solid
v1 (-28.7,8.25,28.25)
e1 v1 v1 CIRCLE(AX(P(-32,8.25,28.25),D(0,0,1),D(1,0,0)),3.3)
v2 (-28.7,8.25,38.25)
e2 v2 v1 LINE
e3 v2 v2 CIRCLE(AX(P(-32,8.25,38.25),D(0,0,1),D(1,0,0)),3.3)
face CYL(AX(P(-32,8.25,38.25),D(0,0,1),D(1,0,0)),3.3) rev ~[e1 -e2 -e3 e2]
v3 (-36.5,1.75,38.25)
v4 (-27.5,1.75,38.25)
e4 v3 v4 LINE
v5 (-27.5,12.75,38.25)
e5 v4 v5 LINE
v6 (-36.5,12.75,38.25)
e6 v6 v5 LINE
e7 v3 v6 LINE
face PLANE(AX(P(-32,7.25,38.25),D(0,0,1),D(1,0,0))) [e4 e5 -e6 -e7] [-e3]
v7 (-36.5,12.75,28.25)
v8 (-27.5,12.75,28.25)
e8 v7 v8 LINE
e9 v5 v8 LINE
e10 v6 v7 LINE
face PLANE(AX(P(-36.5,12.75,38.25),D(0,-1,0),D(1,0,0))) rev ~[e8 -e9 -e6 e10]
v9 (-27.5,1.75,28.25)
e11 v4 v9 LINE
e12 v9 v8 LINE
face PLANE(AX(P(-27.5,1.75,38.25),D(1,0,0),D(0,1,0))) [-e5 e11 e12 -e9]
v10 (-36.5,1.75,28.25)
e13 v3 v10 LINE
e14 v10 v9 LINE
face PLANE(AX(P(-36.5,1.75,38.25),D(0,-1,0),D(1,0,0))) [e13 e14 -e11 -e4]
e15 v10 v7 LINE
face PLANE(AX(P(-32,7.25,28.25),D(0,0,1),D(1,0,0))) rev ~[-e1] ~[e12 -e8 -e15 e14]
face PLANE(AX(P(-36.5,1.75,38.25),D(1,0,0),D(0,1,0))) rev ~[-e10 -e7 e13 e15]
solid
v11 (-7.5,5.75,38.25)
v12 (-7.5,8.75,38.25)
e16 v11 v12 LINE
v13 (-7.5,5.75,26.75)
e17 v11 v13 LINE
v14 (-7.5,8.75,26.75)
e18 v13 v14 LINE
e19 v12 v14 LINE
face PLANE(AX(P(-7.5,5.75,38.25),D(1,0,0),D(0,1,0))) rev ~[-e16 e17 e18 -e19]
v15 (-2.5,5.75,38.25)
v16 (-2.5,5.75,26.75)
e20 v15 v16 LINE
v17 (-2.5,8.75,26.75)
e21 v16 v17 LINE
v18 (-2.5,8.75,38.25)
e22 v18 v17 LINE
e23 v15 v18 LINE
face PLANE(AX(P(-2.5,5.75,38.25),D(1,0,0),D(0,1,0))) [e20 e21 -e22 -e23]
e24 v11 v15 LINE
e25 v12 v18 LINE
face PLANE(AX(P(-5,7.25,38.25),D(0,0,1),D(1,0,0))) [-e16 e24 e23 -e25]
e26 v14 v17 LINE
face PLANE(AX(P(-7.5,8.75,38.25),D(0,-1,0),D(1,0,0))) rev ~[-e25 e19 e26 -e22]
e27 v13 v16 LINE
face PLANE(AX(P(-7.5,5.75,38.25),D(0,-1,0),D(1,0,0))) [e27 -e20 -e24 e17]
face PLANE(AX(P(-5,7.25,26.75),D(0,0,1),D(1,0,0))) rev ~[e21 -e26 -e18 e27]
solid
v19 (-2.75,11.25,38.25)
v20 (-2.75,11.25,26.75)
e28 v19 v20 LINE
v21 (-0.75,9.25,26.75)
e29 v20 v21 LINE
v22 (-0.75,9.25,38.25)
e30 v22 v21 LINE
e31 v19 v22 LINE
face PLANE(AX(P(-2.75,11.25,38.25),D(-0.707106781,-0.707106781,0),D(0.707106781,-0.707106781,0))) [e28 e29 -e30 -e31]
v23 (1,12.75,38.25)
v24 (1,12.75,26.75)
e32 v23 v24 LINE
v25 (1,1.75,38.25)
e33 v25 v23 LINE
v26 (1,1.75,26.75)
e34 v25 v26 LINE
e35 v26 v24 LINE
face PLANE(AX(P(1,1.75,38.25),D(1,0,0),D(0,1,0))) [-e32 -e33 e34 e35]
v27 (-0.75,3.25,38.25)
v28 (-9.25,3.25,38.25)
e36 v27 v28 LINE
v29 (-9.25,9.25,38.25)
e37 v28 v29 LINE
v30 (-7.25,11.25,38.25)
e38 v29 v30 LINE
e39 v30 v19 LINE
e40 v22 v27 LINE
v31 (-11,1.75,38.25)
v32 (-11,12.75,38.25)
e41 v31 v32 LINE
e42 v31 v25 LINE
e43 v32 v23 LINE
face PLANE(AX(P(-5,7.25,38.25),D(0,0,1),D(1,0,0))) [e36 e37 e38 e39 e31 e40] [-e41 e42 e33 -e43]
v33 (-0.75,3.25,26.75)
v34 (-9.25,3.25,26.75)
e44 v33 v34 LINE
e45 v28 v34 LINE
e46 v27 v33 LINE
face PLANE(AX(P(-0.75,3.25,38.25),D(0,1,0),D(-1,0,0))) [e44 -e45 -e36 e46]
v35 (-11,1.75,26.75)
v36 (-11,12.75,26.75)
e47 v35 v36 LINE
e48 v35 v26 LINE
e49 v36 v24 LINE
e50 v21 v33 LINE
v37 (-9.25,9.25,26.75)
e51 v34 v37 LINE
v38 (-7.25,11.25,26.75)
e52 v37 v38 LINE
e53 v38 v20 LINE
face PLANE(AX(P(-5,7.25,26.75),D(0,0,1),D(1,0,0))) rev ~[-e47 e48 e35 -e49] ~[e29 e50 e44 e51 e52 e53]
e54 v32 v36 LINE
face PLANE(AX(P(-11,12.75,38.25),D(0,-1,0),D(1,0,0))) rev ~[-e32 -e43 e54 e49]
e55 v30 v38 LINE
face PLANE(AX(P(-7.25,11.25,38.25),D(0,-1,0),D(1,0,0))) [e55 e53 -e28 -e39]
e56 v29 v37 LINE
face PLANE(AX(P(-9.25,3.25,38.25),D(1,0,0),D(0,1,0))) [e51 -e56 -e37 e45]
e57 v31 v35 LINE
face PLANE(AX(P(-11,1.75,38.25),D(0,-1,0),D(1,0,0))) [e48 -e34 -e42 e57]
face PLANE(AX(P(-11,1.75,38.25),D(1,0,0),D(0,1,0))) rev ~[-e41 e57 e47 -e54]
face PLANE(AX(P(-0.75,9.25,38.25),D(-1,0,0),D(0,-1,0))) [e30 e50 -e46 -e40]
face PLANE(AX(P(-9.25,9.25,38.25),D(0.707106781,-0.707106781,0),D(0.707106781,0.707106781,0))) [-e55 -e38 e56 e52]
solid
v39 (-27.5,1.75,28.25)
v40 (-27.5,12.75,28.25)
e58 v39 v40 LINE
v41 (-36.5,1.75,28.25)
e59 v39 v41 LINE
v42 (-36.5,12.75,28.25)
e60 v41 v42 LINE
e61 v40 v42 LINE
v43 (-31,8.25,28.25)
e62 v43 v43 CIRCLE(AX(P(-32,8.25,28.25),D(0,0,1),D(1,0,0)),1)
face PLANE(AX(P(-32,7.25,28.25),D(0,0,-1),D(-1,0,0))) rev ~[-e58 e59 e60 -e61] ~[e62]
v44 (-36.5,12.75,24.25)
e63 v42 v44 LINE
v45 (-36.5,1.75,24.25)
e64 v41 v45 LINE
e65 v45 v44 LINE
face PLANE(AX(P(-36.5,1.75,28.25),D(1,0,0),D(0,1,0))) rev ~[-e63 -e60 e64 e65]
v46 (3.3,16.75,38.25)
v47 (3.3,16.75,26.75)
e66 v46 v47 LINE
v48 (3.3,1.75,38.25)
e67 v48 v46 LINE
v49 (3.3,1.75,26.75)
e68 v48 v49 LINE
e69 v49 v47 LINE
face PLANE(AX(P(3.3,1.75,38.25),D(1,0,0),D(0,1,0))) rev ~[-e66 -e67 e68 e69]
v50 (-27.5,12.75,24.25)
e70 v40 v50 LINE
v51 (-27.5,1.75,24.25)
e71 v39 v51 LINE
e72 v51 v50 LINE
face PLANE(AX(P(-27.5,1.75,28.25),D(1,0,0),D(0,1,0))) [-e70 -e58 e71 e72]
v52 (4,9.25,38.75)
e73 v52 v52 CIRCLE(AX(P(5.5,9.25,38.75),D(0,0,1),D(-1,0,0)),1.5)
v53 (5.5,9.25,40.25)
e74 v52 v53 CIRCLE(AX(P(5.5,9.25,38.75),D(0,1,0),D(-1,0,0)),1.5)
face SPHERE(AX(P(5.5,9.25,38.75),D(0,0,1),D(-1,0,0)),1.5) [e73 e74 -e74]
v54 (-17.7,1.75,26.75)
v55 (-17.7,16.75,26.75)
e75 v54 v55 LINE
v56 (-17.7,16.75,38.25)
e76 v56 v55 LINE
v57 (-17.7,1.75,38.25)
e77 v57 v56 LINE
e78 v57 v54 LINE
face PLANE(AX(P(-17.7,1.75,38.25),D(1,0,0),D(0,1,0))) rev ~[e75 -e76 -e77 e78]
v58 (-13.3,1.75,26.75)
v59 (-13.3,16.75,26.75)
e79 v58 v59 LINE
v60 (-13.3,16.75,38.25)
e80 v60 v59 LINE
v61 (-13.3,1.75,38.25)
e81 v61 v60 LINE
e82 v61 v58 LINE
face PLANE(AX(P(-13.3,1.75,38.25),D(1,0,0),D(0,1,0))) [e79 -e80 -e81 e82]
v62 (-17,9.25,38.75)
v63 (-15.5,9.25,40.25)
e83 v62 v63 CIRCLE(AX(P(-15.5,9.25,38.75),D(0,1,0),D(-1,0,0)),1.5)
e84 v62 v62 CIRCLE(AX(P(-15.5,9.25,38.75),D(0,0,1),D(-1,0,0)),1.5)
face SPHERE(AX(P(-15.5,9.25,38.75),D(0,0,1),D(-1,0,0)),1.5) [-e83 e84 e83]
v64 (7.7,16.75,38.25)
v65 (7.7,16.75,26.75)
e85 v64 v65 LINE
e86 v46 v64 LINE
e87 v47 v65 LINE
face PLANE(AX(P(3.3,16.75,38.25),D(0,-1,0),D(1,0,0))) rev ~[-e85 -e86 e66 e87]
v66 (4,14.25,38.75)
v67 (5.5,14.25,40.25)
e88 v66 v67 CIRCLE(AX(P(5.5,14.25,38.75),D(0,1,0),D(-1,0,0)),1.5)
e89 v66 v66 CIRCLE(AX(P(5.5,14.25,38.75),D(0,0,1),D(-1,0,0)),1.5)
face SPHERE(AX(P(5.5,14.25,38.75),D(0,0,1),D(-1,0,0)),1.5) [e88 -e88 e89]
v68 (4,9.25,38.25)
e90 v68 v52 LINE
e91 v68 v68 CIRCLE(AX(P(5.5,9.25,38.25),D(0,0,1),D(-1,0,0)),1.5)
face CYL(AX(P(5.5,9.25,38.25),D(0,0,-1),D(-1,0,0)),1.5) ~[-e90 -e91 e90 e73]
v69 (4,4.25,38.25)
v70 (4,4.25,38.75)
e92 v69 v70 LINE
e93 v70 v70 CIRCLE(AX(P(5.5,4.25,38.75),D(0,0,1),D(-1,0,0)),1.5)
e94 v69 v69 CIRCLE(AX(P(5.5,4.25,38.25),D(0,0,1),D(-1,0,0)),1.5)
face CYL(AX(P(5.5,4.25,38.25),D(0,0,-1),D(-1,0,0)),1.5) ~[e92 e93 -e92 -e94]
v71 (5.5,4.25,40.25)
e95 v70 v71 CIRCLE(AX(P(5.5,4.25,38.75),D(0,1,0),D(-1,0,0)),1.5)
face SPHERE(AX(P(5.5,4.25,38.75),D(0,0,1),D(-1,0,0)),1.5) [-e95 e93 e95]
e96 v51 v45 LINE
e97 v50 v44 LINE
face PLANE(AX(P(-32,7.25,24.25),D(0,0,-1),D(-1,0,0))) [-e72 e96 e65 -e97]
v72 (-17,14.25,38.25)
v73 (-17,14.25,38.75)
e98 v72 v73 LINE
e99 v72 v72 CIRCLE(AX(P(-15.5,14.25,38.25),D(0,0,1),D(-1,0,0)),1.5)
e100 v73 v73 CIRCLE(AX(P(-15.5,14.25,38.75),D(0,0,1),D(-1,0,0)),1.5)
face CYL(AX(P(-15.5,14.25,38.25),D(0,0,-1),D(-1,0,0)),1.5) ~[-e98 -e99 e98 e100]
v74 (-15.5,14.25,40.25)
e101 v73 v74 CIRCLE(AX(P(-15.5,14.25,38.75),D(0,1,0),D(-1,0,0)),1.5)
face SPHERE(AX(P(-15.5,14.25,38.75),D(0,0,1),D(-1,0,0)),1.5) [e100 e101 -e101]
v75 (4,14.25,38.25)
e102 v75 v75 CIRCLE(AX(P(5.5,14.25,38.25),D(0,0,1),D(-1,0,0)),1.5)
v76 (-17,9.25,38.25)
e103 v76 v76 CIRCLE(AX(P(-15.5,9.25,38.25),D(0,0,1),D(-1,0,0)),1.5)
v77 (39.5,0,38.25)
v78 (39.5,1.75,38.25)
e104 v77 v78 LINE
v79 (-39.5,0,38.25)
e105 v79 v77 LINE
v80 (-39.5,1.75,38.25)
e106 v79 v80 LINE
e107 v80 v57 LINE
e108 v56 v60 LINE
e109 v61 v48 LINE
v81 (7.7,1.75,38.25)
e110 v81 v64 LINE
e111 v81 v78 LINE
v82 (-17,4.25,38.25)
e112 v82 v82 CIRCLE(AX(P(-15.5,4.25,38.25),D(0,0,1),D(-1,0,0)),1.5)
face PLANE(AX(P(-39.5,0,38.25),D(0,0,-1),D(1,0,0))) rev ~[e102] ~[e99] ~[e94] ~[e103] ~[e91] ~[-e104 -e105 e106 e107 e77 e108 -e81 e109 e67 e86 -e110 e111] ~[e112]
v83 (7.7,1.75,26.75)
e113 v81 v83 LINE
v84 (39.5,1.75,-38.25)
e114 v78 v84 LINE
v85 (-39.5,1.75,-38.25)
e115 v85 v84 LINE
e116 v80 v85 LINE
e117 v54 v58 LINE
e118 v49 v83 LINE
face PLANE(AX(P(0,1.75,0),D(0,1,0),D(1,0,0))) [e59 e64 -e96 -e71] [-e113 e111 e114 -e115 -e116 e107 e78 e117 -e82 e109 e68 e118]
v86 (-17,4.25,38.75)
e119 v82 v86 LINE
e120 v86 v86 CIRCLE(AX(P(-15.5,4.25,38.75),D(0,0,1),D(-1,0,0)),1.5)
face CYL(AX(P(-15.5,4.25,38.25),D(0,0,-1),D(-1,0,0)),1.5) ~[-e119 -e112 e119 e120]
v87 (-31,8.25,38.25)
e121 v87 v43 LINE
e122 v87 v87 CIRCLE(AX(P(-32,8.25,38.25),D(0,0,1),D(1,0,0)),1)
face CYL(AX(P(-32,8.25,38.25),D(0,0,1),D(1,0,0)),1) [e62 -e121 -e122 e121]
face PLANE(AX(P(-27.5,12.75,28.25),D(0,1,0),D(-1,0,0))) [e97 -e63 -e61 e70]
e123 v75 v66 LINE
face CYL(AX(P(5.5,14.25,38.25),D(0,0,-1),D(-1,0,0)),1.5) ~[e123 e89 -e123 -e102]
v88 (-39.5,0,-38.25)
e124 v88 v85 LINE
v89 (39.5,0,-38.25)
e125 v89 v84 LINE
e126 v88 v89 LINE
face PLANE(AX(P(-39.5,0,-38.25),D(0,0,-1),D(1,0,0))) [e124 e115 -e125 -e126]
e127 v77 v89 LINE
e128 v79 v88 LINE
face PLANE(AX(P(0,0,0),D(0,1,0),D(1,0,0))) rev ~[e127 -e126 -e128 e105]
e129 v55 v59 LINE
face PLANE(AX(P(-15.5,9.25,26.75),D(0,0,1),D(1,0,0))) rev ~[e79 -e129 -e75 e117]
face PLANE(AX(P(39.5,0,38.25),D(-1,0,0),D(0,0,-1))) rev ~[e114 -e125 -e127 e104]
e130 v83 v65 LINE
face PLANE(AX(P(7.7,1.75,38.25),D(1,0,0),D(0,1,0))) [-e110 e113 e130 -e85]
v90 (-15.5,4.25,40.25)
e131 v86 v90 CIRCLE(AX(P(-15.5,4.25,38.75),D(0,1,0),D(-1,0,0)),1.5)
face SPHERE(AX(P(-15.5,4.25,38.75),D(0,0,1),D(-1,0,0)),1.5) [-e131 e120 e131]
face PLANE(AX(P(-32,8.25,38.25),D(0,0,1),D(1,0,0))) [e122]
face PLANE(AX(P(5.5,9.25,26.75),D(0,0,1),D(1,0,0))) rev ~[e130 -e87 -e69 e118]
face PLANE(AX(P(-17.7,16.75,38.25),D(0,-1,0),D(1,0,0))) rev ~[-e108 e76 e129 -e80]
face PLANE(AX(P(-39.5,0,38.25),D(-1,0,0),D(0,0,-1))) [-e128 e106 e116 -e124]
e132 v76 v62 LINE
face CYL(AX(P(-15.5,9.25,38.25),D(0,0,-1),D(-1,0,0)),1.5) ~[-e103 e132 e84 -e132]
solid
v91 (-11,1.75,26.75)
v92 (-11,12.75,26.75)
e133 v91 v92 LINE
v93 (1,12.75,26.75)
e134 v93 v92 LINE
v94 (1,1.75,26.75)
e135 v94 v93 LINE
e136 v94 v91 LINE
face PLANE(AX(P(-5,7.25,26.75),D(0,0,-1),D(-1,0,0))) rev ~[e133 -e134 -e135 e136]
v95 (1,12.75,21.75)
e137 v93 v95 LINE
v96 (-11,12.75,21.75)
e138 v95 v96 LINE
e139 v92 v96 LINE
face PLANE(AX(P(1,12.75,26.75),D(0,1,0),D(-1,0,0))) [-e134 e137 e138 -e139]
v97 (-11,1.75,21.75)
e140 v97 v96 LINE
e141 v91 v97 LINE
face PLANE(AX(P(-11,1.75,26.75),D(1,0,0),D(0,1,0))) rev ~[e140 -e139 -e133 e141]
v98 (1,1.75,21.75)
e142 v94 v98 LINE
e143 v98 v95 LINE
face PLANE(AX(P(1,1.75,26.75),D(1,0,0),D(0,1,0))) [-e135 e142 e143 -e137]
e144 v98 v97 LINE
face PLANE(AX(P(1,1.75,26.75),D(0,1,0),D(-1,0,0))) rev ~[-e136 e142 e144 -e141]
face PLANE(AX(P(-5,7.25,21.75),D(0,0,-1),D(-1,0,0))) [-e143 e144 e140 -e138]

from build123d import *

# Parameters (mm, degrees)
SKETCH1_W             = 79
SKETCH1_H             = 76.5
BOSS_EXTRUDE1_DEPTH   = 1.75
SKETCH2_W             = 9
SKETCH2_H             = 11
SKETCH2_R             = 3.3
BOSS_EXTRUDE2_DEPTH   = 10
SKETCH2_R_2           = 1
BOSS_EXTRUDE2_2_DEPTH = 10
SKETCH3_W             = 9
SKETCH3_H             = 11
BOSS_EXTRUDE3_DEPTH   = 4
SKETCH4_W             = 12
SKETCH4_H             = 11
BOSS_EXTRUDE4_DEPTH   = 11.5
SKETCH4_W_2           = 4.4
SKETCH4_H_2           = 15
BOSS_EXTRUDE4_2_DEPTH = 11.5
BOSS_EXTRUDE4_3_DEPTH = 11.5
SKETCH4_W_3           = 5
SKETCH4_H_3           = 3
BOSS_EXTRUDE4_4_DEPTH = 11.5
SKETCH5_W             = 12
SKETCH5_H             = 11
BOSS_EXTRUDE5_DEPTH   = 5
SKETCH6_R             = 1.5
BOSS_EXTRUDE6_DEPTH   = 2
FILLET1_R             = 1.5


with BuildPart() as part:
    # Sketch1 → Boss-Extrude1 (new body)
    with BuildSketch(Plane(origin=(0, 0, 0), x_dir=(1, 0, 0), z_dir=(0, 1, 0))):
        Rectangle(SKETCH1_W, SKETCH1_H)
    extrude(amount=BOSS_EXTRUDE1_DEPTH)



with BuildPart() as body_2:
    # Sketch2 → Boss-Extrude2 (new body)
    with BuildSketch(Plane.XY.offset(38.25)):
        with Locations((-32, 7.25)):
            Rectangle(SKETCH2_W, SKETCH2_H)
        with Locations((-32, 8.25)):
            Circle(SKETCH2_R, mode=Mode.SUBTRACT)
    extrude(amount=-BOSS_EXTRUDE2_DEPTH)


with BuildPart() as body_3:
    # Sketch2 → Boss-Extrude2 2 (new body)
    with BuildSketch(Plane.XY.offset(38.25)):
        with Locations((-32, 8.25)):
            Circle(SKETCH2_R_2)
    extrude(amount=-BOSS_EXTRUDE2_2_DEPTH)


with BuildPart() as part_1:
    add(part.part)

    add(body_3.part)  # Boss-Extrude3 merges body 3
    # Sketch3 → Boss-Extrude3 (add)
    with BuildSketch(Plane(origin=(0, 0, 28.25), x_dir=(-1, 0, 0), z_dir=(0, 0, -1))):
        with Locations((32, 7.25)):
            Rectangle(SKETCH3_W, SKETCH3_H)
    extrude(amount=BOSS_EXTRUDE3_DEPTH)



with BuildPart() as body_3_2:
    # Sketch4 → Boss-Extrude4 (new body)
    with BuildSketch(Plane.XY.offset(38.25)):
        with Locations((-5, 7.25)):
            Rectangle(SKETCH4_W, SKETCH4_H)
        Polygon((-9.25, 3.25), (-9.25, 9.25), (-7.25, 11.25), (-2.75, 11.25), (-0.75, 9.25), (-0.75, 3.25), align=None, mode=Mode.SUBTRACT)
    extrude(amount=-BOSS_EXTRUDE4_DEPTH)


with BuildPart() as body_4:
    # Sketch4 → Boss-Extrude4 2 (new body)
    with BuildSketch(Plane.XY.offset(38.25)):
        with Locations((-15.5, 9.25)):
            Rectangle(SKETCH4_W_2, SKETCH4_H_2)
    extrude(amount=-BOSS_EXTRUDE4_2_DEPTH)


with BuildPart() as body_5:
    # Sketch4 → Boss-Extrude4 3 (new body)
    with BuildSketch(Plane.XY.offset(38.25)):
        with Locations((5.5, 9.25)):
            Rectangle(SKETCH4_W_2, SKETCH4_H_2)
    extrude(amount=-BOSS_EXTRUDE4_3_DEPTH)


with BuildPart() as body_6:
    # Sketch4 → Boss-Extrude4 4 (new body)
    with BuildSketch(Plane.XY.offset(38.25)):
        with Locations((-5, 7.25)):
            Rectangle(SKETCH4_W_3, SKETCH4_H_3)
    extrude(amount=-BOSS_EXTRUDE4_4_DEPTH)


with BuildPart() as body_7:
    # Sketch5 → Boss-Extrude5 (new body)
    with BuildSketch(Plane(origin=(0, 0, 26.75), x_dir=(-1, 0, 0), z_dir=(0, 0, -1))):
        with Locations((5, 7.25)):
            Rectangle(SKETCH5_W, SKETCH5_H)
    extrude(amount=BOSS_EXTRUDE5_DEPTH)


with BuildPart() as part_2:
    add(part_1.part)

    add(body_5.part)  # Boss-Extrude6 merges body 5

    add(body_4.part)  # Boss-Extrude6 merges body 4
    # Sketch6 → Boss-Extrude6 (add)
    with BuildSketch(Plane.XY.offset(38.25)):
        with Locations(Location((-15.5, 9.25, 0), (0, 0, 180))):
            Circle(SKETCH6_R)
        with Locations(Location((5.5, 9.25, 0), (0, 0, 180))):
            Circle(SKETCH6_R)
        with Locations(Location((-15.5, 4.25, 0), (0, 0, 180))):
            Circle(SKETCH6_R)
        with Locations(Location((5.5, 4.25, 0), (0, 0, 180))):
            Circle(SKETCH6_R)
        with Locations(Location((-15.5, 14.25, 0), (0, 0, 180))):
            Circle(SKETCH6_R)
        with Locations(Location((5.5, 14.25, 0), (0, 0, 180))):
            Circle(SKETCH6_R)
    extrude(amount=BOSS_EXTRUDE6_DEPTH)

    # Fillet1
    fillet1_edges = [part_2.edges().sort_by_distance(p)[0] for p in [
        (-14, 9.25, 40.25),
        (7, 9.25, 40.25),
        (-14, 4.25, 40.25),
        (7, 4.25, 40.25),
        (-14, 14.25, 40.25),
        (7, 14.25, 40.25),
    ]]
    fillet(fillet1_edges, radius=FILLET1_R)


solid = Compound([body_2.part, body_3_2.part, body_6.part, body_7.part, part_2.part])
